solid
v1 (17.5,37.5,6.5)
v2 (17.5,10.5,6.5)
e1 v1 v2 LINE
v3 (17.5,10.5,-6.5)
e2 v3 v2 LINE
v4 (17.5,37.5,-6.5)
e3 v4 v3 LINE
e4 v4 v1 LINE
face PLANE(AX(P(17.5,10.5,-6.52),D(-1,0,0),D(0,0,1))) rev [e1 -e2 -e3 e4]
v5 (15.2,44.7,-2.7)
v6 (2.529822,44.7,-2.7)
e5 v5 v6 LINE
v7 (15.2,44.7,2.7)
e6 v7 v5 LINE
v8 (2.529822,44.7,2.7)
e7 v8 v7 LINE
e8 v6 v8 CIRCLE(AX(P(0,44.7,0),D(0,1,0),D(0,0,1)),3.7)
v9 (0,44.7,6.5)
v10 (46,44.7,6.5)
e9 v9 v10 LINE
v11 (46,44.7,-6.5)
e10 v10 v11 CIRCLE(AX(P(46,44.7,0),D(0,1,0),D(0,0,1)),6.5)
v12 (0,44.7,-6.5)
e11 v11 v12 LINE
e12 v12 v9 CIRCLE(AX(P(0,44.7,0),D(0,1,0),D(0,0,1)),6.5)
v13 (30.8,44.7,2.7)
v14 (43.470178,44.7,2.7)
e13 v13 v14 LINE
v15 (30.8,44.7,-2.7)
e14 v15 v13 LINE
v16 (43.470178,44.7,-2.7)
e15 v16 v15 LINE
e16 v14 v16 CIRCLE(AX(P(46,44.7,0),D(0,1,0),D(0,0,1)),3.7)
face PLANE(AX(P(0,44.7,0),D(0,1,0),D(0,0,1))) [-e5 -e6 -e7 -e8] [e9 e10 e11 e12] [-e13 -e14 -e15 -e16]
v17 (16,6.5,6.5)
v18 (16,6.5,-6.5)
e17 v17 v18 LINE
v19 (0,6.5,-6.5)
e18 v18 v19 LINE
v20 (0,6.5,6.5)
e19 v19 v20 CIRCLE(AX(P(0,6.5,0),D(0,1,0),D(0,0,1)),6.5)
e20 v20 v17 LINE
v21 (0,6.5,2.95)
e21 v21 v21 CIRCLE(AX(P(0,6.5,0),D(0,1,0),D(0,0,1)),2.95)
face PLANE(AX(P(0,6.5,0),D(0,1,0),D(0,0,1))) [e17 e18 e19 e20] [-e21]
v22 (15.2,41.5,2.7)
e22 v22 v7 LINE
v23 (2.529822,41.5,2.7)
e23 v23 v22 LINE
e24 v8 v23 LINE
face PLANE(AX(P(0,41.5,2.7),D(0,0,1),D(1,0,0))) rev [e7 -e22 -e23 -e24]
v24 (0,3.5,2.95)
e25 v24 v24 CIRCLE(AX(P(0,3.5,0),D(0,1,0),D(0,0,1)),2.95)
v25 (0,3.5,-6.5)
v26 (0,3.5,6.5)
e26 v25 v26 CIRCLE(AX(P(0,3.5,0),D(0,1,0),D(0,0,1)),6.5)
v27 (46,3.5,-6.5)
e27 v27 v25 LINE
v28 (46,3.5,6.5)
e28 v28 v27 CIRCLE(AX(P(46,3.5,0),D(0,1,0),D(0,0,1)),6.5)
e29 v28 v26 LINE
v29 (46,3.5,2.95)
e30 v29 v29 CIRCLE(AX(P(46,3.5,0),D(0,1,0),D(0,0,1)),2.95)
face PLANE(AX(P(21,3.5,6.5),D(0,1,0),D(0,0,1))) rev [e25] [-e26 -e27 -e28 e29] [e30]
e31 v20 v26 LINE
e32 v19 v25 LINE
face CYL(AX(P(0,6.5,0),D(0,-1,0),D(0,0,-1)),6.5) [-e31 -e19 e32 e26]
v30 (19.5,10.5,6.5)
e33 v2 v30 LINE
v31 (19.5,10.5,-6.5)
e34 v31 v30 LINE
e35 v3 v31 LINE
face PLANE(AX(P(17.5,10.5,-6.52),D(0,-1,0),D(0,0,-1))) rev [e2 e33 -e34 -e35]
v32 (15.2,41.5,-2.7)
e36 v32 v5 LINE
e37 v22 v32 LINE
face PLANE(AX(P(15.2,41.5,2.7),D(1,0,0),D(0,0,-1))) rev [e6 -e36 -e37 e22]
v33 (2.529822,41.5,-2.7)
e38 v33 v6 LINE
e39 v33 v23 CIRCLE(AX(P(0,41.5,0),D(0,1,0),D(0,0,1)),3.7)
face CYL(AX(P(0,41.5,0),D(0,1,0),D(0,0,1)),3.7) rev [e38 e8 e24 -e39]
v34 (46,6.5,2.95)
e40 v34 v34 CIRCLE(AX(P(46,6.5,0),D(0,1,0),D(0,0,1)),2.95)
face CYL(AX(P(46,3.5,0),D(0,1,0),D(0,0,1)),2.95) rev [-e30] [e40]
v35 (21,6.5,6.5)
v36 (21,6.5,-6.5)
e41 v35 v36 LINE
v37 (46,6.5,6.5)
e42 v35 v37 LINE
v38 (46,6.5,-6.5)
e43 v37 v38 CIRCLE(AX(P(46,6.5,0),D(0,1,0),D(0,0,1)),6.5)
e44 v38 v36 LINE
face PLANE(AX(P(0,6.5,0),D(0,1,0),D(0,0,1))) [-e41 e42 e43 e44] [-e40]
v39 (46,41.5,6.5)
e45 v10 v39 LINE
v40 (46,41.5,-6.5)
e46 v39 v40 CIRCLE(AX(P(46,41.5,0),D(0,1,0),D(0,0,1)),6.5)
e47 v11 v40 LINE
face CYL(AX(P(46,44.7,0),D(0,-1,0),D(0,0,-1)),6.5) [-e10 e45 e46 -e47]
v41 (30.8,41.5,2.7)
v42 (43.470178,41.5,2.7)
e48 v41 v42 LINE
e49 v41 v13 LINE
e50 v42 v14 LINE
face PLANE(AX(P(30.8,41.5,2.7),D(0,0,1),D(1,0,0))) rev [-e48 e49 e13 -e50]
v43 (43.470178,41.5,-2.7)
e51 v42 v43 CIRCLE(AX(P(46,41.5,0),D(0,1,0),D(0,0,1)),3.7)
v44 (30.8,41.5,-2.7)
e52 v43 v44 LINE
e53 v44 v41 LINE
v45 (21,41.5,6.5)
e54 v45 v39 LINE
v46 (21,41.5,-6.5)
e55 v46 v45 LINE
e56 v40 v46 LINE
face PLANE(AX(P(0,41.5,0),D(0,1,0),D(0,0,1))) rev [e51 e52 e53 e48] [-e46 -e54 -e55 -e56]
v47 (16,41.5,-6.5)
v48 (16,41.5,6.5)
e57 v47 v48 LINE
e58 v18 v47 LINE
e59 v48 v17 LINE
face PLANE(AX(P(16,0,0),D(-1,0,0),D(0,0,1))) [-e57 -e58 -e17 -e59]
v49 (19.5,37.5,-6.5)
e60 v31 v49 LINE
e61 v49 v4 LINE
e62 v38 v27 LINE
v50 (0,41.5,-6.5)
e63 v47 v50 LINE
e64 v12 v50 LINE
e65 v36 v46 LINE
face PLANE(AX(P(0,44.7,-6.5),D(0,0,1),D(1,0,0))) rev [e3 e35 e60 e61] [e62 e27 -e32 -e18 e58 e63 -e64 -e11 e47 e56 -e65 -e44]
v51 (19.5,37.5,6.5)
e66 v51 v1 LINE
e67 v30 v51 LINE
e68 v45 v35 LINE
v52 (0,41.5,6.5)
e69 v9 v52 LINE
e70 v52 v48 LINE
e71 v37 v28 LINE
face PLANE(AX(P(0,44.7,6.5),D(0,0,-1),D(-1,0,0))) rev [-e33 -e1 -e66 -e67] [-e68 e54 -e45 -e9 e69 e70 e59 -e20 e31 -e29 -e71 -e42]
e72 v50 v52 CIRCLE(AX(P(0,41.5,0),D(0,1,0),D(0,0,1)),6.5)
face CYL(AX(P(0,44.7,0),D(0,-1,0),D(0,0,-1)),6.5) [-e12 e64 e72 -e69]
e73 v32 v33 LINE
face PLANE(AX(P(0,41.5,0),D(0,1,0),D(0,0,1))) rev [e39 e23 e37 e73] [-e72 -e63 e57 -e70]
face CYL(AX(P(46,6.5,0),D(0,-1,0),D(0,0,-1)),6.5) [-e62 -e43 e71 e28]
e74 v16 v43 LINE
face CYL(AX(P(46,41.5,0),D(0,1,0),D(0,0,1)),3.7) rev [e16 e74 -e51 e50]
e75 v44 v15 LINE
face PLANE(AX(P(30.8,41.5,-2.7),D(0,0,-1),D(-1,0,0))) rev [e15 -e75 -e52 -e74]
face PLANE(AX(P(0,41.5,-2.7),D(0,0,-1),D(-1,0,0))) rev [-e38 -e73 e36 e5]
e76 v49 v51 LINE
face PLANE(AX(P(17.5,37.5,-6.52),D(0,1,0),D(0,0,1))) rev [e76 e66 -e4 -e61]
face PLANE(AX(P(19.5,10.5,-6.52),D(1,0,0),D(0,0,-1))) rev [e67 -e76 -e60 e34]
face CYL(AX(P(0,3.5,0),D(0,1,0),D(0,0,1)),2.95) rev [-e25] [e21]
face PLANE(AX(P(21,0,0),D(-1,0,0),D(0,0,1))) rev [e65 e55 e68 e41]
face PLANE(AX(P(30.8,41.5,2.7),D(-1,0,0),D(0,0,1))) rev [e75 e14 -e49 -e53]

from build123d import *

# Parameters (mm, degrees)
BOSS_EXTRUDE1_START   = 43.1
SKETCH1_R             = 6.5
BOSS_EXTRUDE1_DEPTH   = 1.6
BOSS_EXTRUDE1_2_DEPTH = 1.6
BOSS_EXTRUDE2_START   = 43.1
SKETCH2_W             = 46
SKETCH2_H             = 13
BOSS_EXTRUDE2_DEPTH   = 1.6
CUT_EXTRUDE1_START    = 43.1
SKETCH3_R             = 3.7
CUT_EXTRUDE1_DEPTH    = 1.6
CUT_EXTRUDE2_START    = 43.1
SKETCH4_W             = 15.2
SKETCH4_H             = 5.4
CUT_EXTRUDE2_DEPTH    = 1.6
BOSS_EXTRUDE3_START   = 5
SKETCH5_R             = 6.5
BOSS_EXTRUDE3_DEPTH   = 1.5
BOSS_EXTRUDE3_2_DEPTH = 1.5
BOSS_EXTRUDE4_START   = 5
SKETCH6_W             = 46
SKETCH6_H             = 13
BOSS_EXTRUDE4_DEPTH   = 1.5
CUT_EXTRUDE3_START    = 5
SKETCH7_R             = 2.95
CUT_EXTRUDE3_DEPTH    = 1.5
BOSS_EXTRUDE5_START   = 18.5
SKETCH8_W             = 13
SKETCH8_H             = 41.2
BOSS_EXTRUDE5_DEPTH   = 2.5
CUT_EXTRUDE4_START    = -0.01
SKETCH9_W             = 2
SKETCH9_H             = 27
CUT_EXTRUDE4_DEPTH    = 6.51


with BuildPart() as part:
    # Sketch1 → Boss-Extrude1 (new, symmetric)
    with BuildSketch(Plane(origin=(0, 0, 0), x_dir=(1, 0, 0), z_dir=(0, 1, 0)).offset(BOSS_EXTRUDE1_START)):
        with Locations(Location((0, 0, 0), (0, 0, 270))):
            Circle(SKETCH1_R)
    extrude(amount=BOSS_EXTRUDE1_DEPTH, both=True)



with BuildPart() as body_2:
    # Sketch1 → Boss-Extrude1 2 (new, symmetric)
    with BuildSketch(Plane(origin=(0, 0, 0), x_dir=(1, 0, 0), z_dir=(0, 1, 0)).offset(BOSS_EXTRUDE1_START)):
        with Locations(Location((46, 0, 0), (0, 0, 270))):
            Circle(SKETCH1_R)
    extrude(amount=BOSS_EXTRUDE1_2_DEPTH, both=True)


with BuildPart() as part_1:
    add(part.part)

    add(body_2.part)  # Boss-Extrude2 merges body 2
    # Sketch2 → Boss-Extrude2 (add, symmetric)
    with BuildSketch(Plane(origin=(0, 0, 0), x_dir=(1, 0, 0), z_dir=(0, 1, 0)).offset(BOSS_EXTRUDE2_START)):
        with Locations((23, 0)):
            Rectangle(SKETCH2_W, SKETCH2_H)
    extrude(amount=BOSS_EXTRUDE2_DEPTH, both=True)

    # Sketch3 → Cut-Extrude1 (cut, symmetric)
    with BuildSketch(Plane(origin=(0, 0, 0), x_dir=(1, 0, 0), z_dir=(0, 1, 0)).offset(CUT_EXTRUDE1_START)):
        with Locations(Location((0, 0, 0), (0, 0, 270))):
            Circle(SKETCH3_R)
        with Locations(Location((46, 0, 0), (0, 0, 270))):
            Circle(SKETCH3_R)
    extrude(amount=CUT_EXTRUDE1_DEPTH, both=True, mode=Mode.SUBTRACT)

    # Sketch4 → Cut-Extrude2 (cut, symmetric)
    with BuildSketch(Plane(origin=(0, 0, 0), x_dir=(1, 0, 0), z_dir=(0, 1, 0)).offset(CUT_EXTRUDE2_START)):
        with Locations((7.6, 0)):
            Rectangle(SKETCH4_W, SKETCH4_H)
        with Locations((38.4, 0)):
            Rectangle(SKETCH4_W, SKETCH4_H)
    extrude(amount=CUT_EXTRUDE2_DEPTH, both=True, mode=Mode.SUBTRACT)



with BuildPart() as body_2_2:
    # Sketch5 → Boss-Extrude3 (new, symmetric)
    with BuildSketch(Plane(origin=(0, 0, 0), x_dir=(1, 0, 0), z_dir=(0, 1, 0)).offset(BOSS_EXTRUDE3_START)):
        with Locations(Location((0, 0, 0), (0, 0, 270))):
            Circle(SKETCH5_R)
    extrude(amount=BOSS_EXTRUDE3_DEPTH, both=True)



with BuildPart() as body_3:
    # Sketch5 → Boss-Extrude3 2 (new, symmetric)
    with BuildSketch(Plane(origin=(0, 0, 0), x_dir=(1, 0, 0), z_dir=(0, 1, 0)).offset(BOSS_EXTRUDE3_START)):
        with Locations(Location((46, 0, 0), (0, 0, 270))):
            Circle(SKETCH5_R)
    extrude(amount=BOSS_EXTRUDE3_2_DEPTH, both=True)


with BuildPart() as body_2_2_1:
    add(body_2_2.part)

    add(body_3.part)  # Boss-Extrude4 merges body 3
    # Sketch6 → Boss-Extrude4 (add, symmetric)
    with BuildSketch(Plane(origin=(0, 0, 0), x_dir=(1, 0, 0), z_dir=(0, 1, 0)).offset(BOSS_EXTRUDE4_START)):
        with Locations((23, 0)):
            Rectangle(SKETCH6_W, SKETCH6_H)
    extrude(amount=BOSS_EXTRUDE4_DEPTH, both=True)

    # Sketch7 → Cut-Extrude3 (cut, symmetric)
    with BuildSketch(Plane(origin=(0, 0, 0), x_dir=(1, 0, 0), z_dir=(0, 1, 0)).offset(CUT_EXTRUDE3_START)):
        with Locations(Location((0, 0, 0), (0, 0, 270))):
            Circle(SKETCH7_R)
        with Locations(Location((46, 0, 0), (0, 0, 270))):
            Circle(SKETCH7_R)
    extrude(amount=CUT_EXTRUDE3_DEPTH, both=True, mode=Mode.SUBTRACT)


with BuildPart() as part_2:
    add(part_1.part)

    add(body_2_2_1.part)  # Boss-Extrude5 merges body 2 2
    # Sketch8 → Boss-Extrude5 (add, symmetric)
    with BuildSketch(Plane(origin=(0, 0, 0), x_dir=(0, 0, -1), z_dir=(1, 0, 0)).offset(BOSS_EXTRUDE5_START)):
        with Locations((0, 24.1)):
            Rectangle(SKETCH8_W, SKETCH8_H)
    extrude(amount=BOSS_EXTRUDE5_DEPTH, both=True)

    # Sketch9 → Cut-Extrude4 (cut, symmetric)
    with BuildSketch(Plane.XY.offset(CUT_EXTRUDE4_START)):
        with Locations((18.5, 24)):
            Rectangle(SKETCH9_W, SKETCH9_H)
    extrude(amount=CUT_EXTRUDE4_DEPTH, both=True, mode=Mode.SUBTRACT)


solid = part_2.part
